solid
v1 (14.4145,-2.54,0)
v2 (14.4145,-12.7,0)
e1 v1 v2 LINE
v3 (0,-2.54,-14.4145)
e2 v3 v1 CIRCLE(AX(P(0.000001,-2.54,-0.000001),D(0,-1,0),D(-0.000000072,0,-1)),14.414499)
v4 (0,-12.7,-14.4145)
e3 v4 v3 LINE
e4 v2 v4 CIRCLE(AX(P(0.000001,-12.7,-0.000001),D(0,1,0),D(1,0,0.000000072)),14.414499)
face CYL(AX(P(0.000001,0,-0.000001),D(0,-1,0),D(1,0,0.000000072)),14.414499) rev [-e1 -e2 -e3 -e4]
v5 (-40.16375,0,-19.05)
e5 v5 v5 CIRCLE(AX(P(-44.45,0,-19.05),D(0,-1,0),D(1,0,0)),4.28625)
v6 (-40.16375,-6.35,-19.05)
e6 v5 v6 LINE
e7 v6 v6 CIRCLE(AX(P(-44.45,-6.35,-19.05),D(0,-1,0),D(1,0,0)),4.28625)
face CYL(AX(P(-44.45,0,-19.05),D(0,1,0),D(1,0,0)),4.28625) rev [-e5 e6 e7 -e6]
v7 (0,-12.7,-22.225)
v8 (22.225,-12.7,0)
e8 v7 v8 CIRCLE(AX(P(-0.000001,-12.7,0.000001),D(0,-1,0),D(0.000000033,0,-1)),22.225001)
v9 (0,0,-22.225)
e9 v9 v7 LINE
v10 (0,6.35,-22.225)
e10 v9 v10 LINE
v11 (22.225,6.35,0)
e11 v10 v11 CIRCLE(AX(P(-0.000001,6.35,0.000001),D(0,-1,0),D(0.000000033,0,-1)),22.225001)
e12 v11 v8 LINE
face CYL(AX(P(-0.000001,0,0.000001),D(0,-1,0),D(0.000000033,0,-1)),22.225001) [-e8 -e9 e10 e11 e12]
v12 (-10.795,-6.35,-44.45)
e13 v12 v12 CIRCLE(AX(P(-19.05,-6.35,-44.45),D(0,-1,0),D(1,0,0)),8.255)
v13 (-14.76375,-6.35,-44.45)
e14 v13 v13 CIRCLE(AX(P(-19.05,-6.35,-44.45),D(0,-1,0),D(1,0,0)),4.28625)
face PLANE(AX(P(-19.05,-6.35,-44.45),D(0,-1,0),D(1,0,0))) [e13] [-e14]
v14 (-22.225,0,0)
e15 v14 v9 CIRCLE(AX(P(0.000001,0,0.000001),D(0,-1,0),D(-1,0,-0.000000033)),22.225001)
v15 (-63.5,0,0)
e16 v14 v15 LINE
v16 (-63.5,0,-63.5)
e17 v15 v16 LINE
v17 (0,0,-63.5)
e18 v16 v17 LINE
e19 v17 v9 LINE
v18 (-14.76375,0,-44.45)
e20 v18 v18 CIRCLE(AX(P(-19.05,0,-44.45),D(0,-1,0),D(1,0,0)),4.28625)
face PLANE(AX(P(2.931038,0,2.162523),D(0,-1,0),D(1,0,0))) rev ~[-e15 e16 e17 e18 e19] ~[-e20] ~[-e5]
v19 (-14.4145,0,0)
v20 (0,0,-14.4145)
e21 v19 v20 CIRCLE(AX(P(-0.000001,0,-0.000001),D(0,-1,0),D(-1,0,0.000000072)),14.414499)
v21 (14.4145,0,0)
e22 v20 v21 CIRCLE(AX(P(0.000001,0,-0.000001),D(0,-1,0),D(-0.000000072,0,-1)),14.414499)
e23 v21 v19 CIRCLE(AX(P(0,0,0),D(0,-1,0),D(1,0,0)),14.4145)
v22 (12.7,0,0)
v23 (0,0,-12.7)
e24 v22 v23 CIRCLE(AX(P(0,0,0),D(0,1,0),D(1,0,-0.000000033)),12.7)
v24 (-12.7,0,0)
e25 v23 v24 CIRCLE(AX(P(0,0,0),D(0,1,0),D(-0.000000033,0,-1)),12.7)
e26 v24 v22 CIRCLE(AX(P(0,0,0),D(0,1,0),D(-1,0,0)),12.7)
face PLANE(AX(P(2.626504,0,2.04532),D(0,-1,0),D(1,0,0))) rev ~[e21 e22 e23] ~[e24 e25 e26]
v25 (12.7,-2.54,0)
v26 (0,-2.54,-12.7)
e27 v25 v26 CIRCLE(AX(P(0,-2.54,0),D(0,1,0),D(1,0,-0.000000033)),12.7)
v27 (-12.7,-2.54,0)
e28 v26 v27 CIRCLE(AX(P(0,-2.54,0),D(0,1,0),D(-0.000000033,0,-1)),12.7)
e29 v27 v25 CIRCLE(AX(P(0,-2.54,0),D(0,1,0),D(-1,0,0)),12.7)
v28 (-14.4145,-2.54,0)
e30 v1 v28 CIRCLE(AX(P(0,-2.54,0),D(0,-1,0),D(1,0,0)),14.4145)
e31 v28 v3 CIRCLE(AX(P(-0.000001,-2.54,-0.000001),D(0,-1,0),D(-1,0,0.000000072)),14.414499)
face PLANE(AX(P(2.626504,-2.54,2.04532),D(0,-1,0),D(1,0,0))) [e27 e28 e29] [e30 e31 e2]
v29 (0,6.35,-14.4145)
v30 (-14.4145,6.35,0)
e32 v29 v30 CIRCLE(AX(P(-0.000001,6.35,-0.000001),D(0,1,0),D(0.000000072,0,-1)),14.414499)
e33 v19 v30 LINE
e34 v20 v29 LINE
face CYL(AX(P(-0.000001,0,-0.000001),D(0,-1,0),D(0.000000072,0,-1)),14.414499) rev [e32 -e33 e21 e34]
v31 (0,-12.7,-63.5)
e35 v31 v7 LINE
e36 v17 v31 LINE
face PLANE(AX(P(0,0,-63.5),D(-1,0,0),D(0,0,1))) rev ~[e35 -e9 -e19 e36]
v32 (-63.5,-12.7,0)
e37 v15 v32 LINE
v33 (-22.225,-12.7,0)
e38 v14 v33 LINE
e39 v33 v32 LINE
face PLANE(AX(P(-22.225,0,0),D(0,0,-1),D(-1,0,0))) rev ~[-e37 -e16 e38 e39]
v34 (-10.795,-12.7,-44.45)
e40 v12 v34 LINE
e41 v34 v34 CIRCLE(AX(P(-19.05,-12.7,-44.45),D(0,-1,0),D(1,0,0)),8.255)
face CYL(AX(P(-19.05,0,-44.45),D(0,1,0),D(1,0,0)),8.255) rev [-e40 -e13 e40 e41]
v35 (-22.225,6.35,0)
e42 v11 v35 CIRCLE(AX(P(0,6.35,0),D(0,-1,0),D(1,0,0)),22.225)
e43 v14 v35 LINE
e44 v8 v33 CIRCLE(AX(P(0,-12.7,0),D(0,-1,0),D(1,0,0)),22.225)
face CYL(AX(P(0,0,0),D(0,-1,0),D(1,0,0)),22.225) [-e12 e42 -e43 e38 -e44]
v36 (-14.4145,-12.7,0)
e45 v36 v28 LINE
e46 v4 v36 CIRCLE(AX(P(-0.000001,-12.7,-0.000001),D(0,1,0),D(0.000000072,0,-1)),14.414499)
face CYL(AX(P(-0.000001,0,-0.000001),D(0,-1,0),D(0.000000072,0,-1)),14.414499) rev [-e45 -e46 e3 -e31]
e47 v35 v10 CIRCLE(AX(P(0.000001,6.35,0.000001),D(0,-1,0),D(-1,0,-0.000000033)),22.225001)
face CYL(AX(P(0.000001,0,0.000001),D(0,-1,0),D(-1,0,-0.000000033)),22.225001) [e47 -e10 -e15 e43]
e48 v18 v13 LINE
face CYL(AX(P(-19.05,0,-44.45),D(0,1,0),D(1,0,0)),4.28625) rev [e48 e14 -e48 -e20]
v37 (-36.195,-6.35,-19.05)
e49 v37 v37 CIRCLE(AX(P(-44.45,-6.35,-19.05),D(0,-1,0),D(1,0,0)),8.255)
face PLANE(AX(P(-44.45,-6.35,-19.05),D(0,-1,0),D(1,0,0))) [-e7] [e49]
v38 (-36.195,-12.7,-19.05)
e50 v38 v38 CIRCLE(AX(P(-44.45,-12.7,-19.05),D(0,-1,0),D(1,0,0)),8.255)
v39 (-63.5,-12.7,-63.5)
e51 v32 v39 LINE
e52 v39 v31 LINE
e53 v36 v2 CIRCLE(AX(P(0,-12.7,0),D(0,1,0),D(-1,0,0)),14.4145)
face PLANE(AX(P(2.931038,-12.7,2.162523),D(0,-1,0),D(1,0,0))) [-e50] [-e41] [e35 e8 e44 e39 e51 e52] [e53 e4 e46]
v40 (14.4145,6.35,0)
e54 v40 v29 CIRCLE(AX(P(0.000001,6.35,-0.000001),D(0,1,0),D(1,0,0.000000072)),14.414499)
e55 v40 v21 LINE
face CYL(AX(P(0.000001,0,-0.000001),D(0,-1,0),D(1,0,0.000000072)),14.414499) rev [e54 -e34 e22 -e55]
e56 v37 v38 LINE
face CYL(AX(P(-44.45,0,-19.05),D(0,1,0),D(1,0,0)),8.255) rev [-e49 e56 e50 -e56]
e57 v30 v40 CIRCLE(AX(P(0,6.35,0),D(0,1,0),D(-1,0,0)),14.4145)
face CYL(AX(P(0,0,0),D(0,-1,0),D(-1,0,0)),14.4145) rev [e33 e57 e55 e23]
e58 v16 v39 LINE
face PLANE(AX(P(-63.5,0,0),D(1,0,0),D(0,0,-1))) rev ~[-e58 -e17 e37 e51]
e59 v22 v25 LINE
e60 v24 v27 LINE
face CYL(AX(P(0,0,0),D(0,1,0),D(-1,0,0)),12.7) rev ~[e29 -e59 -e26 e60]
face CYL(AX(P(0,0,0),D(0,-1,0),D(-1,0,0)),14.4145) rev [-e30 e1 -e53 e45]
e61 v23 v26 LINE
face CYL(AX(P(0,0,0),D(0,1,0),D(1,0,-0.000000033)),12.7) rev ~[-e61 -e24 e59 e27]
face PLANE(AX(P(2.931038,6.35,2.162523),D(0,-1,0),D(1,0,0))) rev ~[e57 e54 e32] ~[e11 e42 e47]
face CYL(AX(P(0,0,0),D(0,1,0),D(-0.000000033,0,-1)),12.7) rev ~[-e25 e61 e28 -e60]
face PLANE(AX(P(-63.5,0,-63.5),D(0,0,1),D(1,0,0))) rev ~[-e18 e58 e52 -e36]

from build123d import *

# Parameters (mm, degrees)
F0_R          = 8.255
F1_DEPTH      = 12.7
F0_R_2        = 4.28625
F2_DEPTH      = 6.35
F3_DEPTH      = 12.7
F3_DEPTH_BACK = 6.35
F4_DEPTH      = 2.54


with BuildPart() as f1:
    # F0 (on Front) → F1 (new body)
    with BuildSketch(Plane.XZ):
        with BuildLine():
            ThreePointArc((0, -22.225), (-15.715448, -15.715448), (-22.225, 0))
            Line((-22.225, 0), (-63.5, 0))
            Line((-63.5, 0), (-63.5, -63.5))
            Line((-63.5, -63.5), (0, -63.5))
            Line((0, -63.5), (0, -22.225))
        make_face()
        with Locations((-19.05, -44.45)):
            Circle(F0_R, mode=Mode.SUBTRACT)
        with Locations((-44.45, -19.05)):
            Circle(F0_R, mode=Mode.SUBTRACT)
    extrude(amount=F1_DEPTH)

    # F0 (on Front) → F2 (join)
    with BuildSketch(Plane.XZ):
        with Locations((-44.45, -19.05)):
            Circle(F0_R)
        with Locations((-44.45, -19.05)):
            Circle(F0_R_2, mode=Mode.SUBTRACT)
        with Locations((-19.05, -44.45)):
            Circle(F0_R)
        with Locations((-19.05, -44.45)):
            Circle(F0_R_2, mode=Mode.SUBTRACT)
    extrude(amount=F2_DEPTH)

    # F0 (on Front) → F3 (join, two sides)
    with BuildSketch(Plane.XZ) as f3_sk:
        with BuildLine():
            ThreePointArc((-14.4145, 0), (0, 14.4145), (14.4145, 0))
            ThreePointArc((14.4145, 0), (10.192591, -10.192591), (0, -14.4145))
            Line((0, -14.4145), (0, -22.225))
            ThreePointArc((0, -22.225), (15.715448, -15.715448), (22.225, 0))
            ThreePointArc((22.225, 0), (0, 22.225), (-22.225, 0))
            Line((-22.225, 0), (-14.4145, 0))
        make_face()
        with BuildLine():
            ThreePointArc((0, -14.4145), (-10.192591, -10.192591), (-14.4145, 0))
            Line((-14.4145, 0), (-22.225, 0))
            ThreePointArc((-22.225, 0), (-15.715448, -15.715448), (0, -22.225))
            Line((0, -22.225), (0, -14.4145))
        make_face()
    extrude(amount=F3_DEPTH)
    extrude(f3_sk.sketch, amount=-F3_DEPTH_BACK)

    # F0 (on Front) → F4 (join)
    with BuildSketch(Plane.XZ):
        with BuildLine():
            ThreePointArc((0, -14.4145), (10.192591, -10.192591), (14.4145, 0))
            ThreePointArc((14.4145, 0), (0, 14.4145), (-14.4145, 0))
            Line((-14.4145, 0), (-12.7, 0))
            ThreePointArc((-12.7, 0), (0, 12.7), (12.7, 0))
            ThreePointArc((12.7, 0), (8.980256, -8.980256), (0, -12.7))
            Line((0, -12.7), (0, -14.4145))
        make_face()
        with BuildLine():
            Line((-12.7, 0), (-14.4145, 0))
            ThreePointArc((-14.4145, 0), (-10.192591, -10.192591), (0, -14.4145))
            Line((0, -14.4145), (0, -12.7))
            ThreePointArc((0, -12.7), (-8.980256, -8.980256), (-12.7, 0))
        make_face()
    extrude(amount=F4_DEPTH)


solid = f1.part
